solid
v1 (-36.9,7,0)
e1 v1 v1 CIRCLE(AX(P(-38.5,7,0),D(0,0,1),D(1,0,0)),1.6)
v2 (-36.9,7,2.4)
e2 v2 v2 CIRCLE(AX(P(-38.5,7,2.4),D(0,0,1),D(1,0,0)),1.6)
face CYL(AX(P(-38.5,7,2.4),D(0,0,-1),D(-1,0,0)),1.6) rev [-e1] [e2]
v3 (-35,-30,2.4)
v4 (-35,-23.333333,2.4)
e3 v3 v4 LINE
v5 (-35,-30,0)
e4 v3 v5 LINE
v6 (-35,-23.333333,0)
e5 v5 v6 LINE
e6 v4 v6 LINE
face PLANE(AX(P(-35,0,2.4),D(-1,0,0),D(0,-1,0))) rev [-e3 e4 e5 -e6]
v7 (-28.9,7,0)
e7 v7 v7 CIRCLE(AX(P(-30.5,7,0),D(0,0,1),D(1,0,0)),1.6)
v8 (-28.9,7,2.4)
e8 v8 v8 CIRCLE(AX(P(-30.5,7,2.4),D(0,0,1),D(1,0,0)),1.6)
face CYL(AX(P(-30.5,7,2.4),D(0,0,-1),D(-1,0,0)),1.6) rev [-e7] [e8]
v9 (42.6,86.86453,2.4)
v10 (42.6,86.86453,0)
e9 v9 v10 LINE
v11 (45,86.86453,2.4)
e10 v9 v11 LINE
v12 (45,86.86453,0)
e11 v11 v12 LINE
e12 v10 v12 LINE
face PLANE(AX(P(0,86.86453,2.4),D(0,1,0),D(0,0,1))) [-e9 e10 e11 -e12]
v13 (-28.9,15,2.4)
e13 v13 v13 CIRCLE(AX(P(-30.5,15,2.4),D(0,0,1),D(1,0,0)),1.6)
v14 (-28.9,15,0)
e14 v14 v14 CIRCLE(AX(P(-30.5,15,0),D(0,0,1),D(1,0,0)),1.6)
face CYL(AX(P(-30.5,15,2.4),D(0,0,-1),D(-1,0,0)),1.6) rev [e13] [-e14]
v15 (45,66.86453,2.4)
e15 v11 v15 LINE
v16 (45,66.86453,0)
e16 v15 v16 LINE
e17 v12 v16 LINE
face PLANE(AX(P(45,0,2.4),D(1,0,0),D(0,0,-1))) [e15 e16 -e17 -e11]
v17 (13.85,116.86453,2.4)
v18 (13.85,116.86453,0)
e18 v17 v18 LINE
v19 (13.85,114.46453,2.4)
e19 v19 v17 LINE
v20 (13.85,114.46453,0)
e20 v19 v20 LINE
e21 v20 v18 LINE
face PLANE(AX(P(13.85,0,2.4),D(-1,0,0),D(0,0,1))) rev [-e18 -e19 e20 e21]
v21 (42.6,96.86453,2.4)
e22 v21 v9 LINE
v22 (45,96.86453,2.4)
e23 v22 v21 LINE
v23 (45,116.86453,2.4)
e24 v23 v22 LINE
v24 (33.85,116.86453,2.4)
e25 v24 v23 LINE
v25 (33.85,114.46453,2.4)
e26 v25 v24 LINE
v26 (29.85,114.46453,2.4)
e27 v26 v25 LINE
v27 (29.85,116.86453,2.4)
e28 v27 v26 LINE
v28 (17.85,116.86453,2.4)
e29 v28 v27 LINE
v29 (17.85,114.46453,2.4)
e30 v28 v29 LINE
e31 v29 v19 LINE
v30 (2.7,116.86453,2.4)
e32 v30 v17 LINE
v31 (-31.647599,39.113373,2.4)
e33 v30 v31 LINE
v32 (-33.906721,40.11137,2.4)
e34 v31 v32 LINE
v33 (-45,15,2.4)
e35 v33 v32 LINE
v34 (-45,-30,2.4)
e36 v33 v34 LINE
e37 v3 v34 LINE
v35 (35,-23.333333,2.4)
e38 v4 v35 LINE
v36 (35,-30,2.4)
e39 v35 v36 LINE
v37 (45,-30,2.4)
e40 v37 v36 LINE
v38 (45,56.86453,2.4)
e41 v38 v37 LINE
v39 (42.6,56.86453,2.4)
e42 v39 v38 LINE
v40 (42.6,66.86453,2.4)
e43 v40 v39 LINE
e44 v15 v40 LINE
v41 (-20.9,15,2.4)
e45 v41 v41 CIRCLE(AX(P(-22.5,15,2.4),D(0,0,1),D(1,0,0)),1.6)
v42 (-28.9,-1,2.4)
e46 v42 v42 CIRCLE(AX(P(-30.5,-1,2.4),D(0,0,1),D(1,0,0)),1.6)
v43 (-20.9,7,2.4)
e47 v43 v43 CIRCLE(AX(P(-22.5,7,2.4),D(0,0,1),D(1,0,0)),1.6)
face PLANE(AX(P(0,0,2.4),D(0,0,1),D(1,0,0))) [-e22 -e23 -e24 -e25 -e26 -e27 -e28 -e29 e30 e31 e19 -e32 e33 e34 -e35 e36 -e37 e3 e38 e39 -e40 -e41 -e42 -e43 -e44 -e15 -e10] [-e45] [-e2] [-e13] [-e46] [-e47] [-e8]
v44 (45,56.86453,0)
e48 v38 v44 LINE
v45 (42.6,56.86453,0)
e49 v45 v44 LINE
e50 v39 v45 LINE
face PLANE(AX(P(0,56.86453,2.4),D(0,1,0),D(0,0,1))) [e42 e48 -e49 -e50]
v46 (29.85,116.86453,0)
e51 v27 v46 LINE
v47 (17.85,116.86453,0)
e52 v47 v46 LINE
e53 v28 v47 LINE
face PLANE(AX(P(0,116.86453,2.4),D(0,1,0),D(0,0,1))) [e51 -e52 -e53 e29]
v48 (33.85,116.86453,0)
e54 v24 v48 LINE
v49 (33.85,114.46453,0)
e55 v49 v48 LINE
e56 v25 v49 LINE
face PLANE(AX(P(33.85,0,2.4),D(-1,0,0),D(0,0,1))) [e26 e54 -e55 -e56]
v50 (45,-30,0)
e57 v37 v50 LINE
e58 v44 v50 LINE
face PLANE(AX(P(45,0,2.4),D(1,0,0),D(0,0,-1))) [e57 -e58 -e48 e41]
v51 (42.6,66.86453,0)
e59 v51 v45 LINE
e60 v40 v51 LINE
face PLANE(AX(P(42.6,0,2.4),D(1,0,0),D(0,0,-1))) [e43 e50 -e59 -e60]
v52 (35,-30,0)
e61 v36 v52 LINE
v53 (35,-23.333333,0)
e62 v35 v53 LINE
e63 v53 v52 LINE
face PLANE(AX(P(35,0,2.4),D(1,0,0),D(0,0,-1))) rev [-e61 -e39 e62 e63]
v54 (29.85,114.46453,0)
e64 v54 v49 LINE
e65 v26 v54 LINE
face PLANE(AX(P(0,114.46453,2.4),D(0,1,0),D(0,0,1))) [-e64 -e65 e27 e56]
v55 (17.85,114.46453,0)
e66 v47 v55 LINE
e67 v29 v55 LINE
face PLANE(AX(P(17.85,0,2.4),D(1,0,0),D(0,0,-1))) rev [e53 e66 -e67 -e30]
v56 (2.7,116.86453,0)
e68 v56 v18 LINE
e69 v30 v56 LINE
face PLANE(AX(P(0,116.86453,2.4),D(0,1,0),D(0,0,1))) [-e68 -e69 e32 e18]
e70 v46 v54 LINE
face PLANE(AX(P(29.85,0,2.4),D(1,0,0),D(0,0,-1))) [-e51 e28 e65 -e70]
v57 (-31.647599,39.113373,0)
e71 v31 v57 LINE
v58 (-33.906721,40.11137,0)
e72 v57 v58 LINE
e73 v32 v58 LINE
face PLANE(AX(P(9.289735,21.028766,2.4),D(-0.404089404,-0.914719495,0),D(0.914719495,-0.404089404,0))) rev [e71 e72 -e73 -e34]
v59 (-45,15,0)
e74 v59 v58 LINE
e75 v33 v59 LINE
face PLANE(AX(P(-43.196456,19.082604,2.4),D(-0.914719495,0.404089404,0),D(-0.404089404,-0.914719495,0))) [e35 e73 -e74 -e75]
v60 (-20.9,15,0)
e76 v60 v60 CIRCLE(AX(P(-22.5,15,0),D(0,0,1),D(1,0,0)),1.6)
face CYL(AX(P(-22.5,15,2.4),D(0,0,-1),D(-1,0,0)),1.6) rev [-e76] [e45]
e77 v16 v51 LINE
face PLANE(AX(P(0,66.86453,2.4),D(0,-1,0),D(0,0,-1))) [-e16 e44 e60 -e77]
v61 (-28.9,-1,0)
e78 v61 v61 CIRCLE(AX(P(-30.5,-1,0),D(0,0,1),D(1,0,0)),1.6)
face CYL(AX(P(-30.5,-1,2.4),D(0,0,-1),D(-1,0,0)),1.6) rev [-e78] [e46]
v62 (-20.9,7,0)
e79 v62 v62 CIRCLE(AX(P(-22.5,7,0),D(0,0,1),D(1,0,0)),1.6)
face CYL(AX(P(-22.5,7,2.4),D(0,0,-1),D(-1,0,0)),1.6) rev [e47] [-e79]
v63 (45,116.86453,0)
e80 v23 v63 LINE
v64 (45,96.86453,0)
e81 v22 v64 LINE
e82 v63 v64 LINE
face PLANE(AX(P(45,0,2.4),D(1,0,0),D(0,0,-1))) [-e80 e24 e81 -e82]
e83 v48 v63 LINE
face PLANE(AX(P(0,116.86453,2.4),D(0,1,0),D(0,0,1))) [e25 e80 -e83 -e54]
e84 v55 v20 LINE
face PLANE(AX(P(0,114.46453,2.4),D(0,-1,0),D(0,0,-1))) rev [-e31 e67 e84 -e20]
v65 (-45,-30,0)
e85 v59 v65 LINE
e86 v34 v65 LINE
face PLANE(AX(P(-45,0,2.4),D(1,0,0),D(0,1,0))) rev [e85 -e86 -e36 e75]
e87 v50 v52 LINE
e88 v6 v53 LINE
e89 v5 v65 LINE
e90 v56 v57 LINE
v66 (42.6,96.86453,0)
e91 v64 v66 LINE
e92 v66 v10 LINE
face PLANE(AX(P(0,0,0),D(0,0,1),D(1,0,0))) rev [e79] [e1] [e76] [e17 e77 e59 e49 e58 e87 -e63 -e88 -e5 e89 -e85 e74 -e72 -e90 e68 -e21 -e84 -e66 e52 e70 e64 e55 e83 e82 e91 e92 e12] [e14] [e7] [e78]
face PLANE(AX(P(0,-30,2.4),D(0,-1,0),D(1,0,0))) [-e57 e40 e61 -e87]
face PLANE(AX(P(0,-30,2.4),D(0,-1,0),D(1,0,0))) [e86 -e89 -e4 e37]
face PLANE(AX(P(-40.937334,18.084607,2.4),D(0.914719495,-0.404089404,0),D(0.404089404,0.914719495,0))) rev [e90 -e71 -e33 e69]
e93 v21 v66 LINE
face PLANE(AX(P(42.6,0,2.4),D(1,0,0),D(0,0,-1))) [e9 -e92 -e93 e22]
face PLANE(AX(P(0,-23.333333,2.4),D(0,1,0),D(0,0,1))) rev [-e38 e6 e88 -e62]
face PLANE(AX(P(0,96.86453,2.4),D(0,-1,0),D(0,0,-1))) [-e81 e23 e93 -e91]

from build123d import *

# Parameters (mm, degrees)
SKETCH1_R           = 1.6
BOSS_EXTRUDE1_DEPTH = 2.4


with BuildPart() as part:
    # Sketch1 → Boss-Extrude1 (new body)
    with BuildSketch(Plane.XY):
        Polygon((-45, 15), (-45, 0), (-45, -30), (-35, -30), (-35, -23.333333333), (35, -23.333333333), (35, -30), (45, -30), (45, 56.864530178), (42.6, 56.864530178), (42.6, 66.864530178), (45, 66.864530178), (45, 86.864530178), (42.6, 86.864530178), (42.6, 96.864530178), (45, 96.864530178), (45, 116.864530178), (33.85, 116.864530178), (33.85, 114.464530178), (29.85, 114.464530178), (29.85, 116.864530178), (17.85, 116.864530178), (17.85, 114.464530178), (13.85, 114.464530178), (13.85, 116.864530178), (2.7, 116.864530178), (-31.647599314, 39.113373136), (-33.906721049, 40.111369965), align=None)
        with Locations((-30.5, -1)):
            Circle(SKETCH1_R, mode=Mode.SUBTRACT)
        with Locations((-38.5, 7)):
            Circle(SKETCH1_R, mode=Mode.SUBTRACT)
        with Locations((-30.5, 7)):
            Circle(SKETCH1_R, mode=Mode.SUBTRACT)
        with Locations((-22.5, 7)):
            Circle(SKETCH1_R, mode=Mode.SUBTRACT)
        with Locations((-30.5, 15)):
            Circle(SKETCH1_R, mode=Mode.SUBTRACT)
        with Locations((-22.5, 15)):
            Circle(SKETCH1_R, mode=Mode.SUBTRACT)
    extrude(amount=BOSS_EXTRUDE1_DEPTH)


solid = part.part
